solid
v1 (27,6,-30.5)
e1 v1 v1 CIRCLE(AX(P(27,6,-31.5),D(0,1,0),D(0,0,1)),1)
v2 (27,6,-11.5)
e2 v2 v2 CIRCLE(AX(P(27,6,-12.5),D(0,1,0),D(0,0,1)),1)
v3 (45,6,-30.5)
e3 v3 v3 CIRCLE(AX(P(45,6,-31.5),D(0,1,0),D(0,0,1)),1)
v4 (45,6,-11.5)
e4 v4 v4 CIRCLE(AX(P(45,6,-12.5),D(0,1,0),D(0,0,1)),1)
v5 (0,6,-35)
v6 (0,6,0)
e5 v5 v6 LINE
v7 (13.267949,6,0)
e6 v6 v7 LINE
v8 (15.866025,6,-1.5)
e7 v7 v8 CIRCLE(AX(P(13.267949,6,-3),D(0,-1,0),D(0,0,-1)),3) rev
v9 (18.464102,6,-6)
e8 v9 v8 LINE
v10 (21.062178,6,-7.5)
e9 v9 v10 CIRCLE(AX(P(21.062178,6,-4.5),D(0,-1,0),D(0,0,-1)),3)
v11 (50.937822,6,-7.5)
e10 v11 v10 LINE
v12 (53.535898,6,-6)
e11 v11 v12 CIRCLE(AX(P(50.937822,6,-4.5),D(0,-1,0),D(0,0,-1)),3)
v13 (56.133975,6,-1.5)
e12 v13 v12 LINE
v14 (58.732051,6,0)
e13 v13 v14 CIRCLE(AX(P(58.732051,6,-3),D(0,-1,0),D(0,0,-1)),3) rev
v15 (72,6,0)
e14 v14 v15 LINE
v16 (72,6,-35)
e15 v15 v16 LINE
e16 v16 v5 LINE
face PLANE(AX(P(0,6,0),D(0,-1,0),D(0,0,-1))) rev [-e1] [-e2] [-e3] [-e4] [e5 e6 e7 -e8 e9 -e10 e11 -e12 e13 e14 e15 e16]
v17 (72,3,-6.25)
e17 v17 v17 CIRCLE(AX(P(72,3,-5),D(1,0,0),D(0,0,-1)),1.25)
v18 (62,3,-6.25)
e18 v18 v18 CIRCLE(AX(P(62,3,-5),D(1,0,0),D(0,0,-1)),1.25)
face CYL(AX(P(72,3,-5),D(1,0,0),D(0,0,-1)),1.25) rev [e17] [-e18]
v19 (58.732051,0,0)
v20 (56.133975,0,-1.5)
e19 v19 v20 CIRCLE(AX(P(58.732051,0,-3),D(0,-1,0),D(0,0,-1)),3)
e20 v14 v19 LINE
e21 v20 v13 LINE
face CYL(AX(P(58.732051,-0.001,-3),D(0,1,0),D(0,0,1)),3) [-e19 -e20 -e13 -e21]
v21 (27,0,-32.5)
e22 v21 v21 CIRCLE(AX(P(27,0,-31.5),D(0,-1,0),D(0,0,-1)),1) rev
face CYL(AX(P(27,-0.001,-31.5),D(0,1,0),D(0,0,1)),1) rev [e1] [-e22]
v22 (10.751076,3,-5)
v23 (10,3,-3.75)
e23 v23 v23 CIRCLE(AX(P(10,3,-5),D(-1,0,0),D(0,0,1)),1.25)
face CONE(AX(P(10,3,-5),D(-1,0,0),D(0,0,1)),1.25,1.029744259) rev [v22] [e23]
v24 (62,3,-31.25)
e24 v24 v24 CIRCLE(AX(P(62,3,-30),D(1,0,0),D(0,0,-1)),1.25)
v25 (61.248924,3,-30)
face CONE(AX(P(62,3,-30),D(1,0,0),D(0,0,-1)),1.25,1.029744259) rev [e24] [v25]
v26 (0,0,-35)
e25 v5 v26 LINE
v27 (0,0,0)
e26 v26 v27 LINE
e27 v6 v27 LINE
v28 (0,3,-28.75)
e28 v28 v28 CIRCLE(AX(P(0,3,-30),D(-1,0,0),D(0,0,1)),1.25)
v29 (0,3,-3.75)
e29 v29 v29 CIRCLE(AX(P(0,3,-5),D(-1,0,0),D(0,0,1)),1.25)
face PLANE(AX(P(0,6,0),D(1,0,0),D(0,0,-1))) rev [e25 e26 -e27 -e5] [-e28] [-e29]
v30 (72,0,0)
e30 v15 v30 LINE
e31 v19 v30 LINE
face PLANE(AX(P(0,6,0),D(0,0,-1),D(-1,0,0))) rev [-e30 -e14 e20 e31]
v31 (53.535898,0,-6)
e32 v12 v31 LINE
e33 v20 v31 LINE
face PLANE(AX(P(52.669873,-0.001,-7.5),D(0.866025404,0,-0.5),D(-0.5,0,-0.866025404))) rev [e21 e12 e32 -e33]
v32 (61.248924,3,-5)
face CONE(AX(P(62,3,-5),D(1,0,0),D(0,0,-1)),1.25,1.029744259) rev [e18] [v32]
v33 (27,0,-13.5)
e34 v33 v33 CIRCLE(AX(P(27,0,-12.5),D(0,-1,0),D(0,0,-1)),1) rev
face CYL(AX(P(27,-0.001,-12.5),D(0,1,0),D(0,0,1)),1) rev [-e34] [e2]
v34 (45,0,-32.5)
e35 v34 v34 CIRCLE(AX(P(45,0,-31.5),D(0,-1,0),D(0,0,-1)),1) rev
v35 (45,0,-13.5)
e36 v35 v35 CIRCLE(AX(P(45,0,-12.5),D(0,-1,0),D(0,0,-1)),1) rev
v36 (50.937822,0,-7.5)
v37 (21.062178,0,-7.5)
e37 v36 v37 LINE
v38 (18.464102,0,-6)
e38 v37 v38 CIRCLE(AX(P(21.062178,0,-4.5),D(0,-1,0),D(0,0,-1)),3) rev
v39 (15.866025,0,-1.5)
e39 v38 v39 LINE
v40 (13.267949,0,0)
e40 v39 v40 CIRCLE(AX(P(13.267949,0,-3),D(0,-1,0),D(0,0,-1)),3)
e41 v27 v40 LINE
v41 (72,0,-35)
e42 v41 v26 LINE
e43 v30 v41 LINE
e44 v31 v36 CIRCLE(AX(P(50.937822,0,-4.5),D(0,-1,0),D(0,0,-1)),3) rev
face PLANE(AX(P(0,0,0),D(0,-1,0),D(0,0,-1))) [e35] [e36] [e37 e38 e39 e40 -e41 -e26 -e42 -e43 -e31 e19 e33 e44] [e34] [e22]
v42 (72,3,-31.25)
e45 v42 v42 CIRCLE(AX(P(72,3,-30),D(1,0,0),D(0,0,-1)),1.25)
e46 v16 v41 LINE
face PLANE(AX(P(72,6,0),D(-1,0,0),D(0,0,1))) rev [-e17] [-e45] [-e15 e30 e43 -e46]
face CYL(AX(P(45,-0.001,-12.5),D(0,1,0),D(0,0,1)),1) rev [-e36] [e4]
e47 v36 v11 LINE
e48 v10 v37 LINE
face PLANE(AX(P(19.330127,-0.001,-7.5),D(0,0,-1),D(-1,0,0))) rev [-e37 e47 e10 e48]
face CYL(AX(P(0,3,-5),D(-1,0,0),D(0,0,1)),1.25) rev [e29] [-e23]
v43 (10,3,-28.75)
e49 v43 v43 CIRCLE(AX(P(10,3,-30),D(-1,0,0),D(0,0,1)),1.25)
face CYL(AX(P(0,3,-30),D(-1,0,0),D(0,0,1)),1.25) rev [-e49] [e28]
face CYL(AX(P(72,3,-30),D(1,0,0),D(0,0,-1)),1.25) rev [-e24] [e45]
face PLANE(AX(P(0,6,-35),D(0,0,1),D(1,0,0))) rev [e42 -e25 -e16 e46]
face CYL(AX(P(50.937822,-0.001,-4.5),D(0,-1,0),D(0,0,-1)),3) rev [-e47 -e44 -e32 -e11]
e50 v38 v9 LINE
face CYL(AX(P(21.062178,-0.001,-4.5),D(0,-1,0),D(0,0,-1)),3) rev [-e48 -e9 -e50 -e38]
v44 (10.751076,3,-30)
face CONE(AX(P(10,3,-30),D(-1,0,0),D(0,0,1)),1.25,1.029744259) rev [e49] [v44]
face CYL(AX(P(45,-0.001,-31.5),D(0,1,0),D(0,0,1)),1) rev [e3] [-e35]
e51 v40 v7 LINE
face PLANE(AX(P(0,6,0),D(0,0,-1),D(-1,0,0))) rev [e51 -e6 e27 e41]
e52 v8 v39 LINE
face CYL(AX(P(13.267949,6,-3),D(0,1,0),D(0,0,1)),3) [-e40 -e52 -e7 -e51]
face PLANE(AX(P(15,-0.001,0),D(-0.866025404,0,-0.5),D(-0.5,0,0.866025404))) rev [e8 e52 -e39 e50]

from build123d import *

# Parameters (mm, degrees)
SKETCH1_W                   = 72
SKETCH1_H                   = 35
BOSS_EXTRUDE1_DEPTH         = 6
CUT_EXTRUDE3_REACH          = 8
CUT_EXTRUDE4_REACH          = 8
SKETCH5_R                   = 1
FILLET1_R                   = 3
TAP_DRILL_FOR_M3_TAP1_D     = 2.5
TAP_DRILL_FOR_M3_TAP1_DEPTH = 10
TAP_DRILL_FOR_M3_TAP1_TIP   = 0.751075774
TAP_DRILL_FOR_M3_TAP2_D     = 2.5
TAP_DRILL_FOR_M3_TAP2_DEPTH = 10
TAP_DRILL_FOR_M3_TAP2_TIP   = 0.751075774


with BuildPart() as part:
    # Sketch1 → Boss-Extrude1 (new body)
    with BuildSketch(Plane(origin=(0, 0, 0), x_dir=(1, 0, 0), z_dir=(0, 1, 0))):
        with Locations((36, 17.5)):
            Rectangle(SKETCH1_W, SKETCH1_H)
    extrude(amount=BOSS_EXTRUDE1_DEPTH)

    # Sketch4 → Cut-Extrude3 (cut, up to next)
    with BuildSketch(Plane(origin=(0, 6, 0), x_dir=(1, 0, 0), z_dir=(0, 1, 0)), mode=Mode.PRIVATE) as cut_extrude3_sk1:
        Polygon((15, 0), (57, 0), (52.669872981, 7.5), (19.330127019, 7.5), align=None)
    cut_extrude3_tool1 = extrude(cut_extrude3_sk1.sketch, amount=-CUT_EXTRUDE3_REACH, mode=Mode.PRIVATE) & part.part
    add(cut_extrude3_tool1.solids().sort_by_distance((36, 6, -3.606313))[0], mode=Mode.SUBTRACT)

    # Sketch5 → Cut-Extrude4 (cut, up to next)
    with BuildSketch(Plane(origin=(0, 6, 0), x_dir=(1, 0, 0), z_dir=(0, 1, 0)), mode=Mode.PRIVATE) as cut_extrude4_sk1:
        with Locations((27, 12.5)):
            Circle(SKETCH5_R)
    cut_extrude4_tool1 = extrude(cut_extrude4_sk1.sketch, amount=-CUT_EXTRUDE4_REACH, mode=Mode.PRIVATE) & part.part
    add(cut_extrude4_tool1.solids().sort_by_distance((27, 6, -12.5))[0], mode=Mode.SUBTRACT)
    # Sketch5 → Cut-Extrude4 (cut, up to next)
    with BuildSketch(Plane(origin=(0, 6, 0), x_dir=(1, 0, 0), z_dir=(0, 1, 0)), mode=Mode.PRIVATE) as cut_extrude4_sk2:
        with Locations((45, 12.5)):
            Circle(SKETCH5_R)
    cut_extrude4_tool2 = extrude(cut_extrude4_sk2.sketch, amount=-CUT_EXTRUDE4_REACH, mode=Mode.PRIVATE) & part.part
    add(cut_extrude4_tool2.solids().sort_by_distance((45, 6, -12.5))[0], mode=Mode.SUBTRACT)
    # Sketch5 → Cut-Extrude4 (cut, up to next)
    with BuildSketch(Plane(origin=(0, 6, 0), x_dir=(1, 0, 0), z_dir=(0, 1, 0)), mode=Mode.PRIVATE) as cut_extrude4_sk3:
        with Locations((45, 31.5)):
            Circle(SKETCH5_R)
    cut_extrude4_tool3 = extrude(cut_extrude4_sk3.sketch, amount=-CUT_EXTRUDE4_REACH, mode=Mode.PRIVATE) & part.part
    add(cut_extrude4_tool3.solids().sort_by_distance((45, 6, -31.5))[0], mode=Mode.SUBTRACT)
    # Sketch5 → Cut-Extrude4 (cut, up to next)
    with BuildSketch(Plane(origin=(0, 6, 0), x_dir=(1, 0, 0), z_dir=(0, 1, 0)), mode=Mode.PRIVATE) as cut_extrude4_sk4:
        with Locations((27, 31.5)):
            Circle(SKETCH5_R)
    cut_extrude4_tool4 = extrude(cut_extrude4_sk4.sketch, amount=-CUT_EXTRUDE4_REACH, mode=Mode.PRIVATE) & part.part
    add(cut_extrude4_tool4.solids().sort_by_distance((27, 6, -31.5))[0], mode=Mode.SUBTRACT)

    # Fillet1
    fillet1_edges = [part.edges().sort_by_distance(p)[0] for p in [
        (15, 3, 0),
        (19.330127019, 3, -7.5),
        (52.669872981, 3, -7.5),
        (57, 3, 0),
    ]]
    fillet(fillet1_edges, radius=FILLET1_R)

    # Tap Drill for M3 Tap1
    with Locations(Plane.ZY):
        with Locations((-30, 3), (-5, 3)):
            Hole(TAP_DRILL_FOR_M3_TAP1_D / 2, depth=TAP_DRILL_FOR_M3_TAP1_DEPTH)
            with Locations((0, 0, -(TAP_DRILL_FOR_M3_TAP1_DEPTH + TAP_DRILL_FOR_M3_TAP1_TIP / 2))):  # 118° drill point
                Cone(0, TAP_DRILL_FOR_M3_TAP1_D / 2, TAP_DRILL_FOR_M3_TAP1_TIP, mode=Mode.SUBTRACT)

    # Tap Drill for M3 Tap2
    with Locations(Plane(origin=(72, 0, 0), x_dir=(0, 0, -1), z_dir=(1, 0, 0))):
        with Locations((5, 3), (30, 3)):
            Hole(TAP_DRILL_FOR_M3_TAP2_D / 2, depth=TAP_DRILL_FOR_M3_TAP2_DEPTH)
            with Locations((0, 0, -(TAP_DRILL_FOR_M3_TAP2_DEPTH + TAP_DRILL_FOR_M3_TAP2_TIP / 2))):  # 118° drill point
                Cone(0, TAP_DRILL_FOR_M3_TAP2_D / 2, TAP_DRILL_FOR_M3_TAP2_TIP, mode=Mode.SUBTRACT)


solid = part.part
